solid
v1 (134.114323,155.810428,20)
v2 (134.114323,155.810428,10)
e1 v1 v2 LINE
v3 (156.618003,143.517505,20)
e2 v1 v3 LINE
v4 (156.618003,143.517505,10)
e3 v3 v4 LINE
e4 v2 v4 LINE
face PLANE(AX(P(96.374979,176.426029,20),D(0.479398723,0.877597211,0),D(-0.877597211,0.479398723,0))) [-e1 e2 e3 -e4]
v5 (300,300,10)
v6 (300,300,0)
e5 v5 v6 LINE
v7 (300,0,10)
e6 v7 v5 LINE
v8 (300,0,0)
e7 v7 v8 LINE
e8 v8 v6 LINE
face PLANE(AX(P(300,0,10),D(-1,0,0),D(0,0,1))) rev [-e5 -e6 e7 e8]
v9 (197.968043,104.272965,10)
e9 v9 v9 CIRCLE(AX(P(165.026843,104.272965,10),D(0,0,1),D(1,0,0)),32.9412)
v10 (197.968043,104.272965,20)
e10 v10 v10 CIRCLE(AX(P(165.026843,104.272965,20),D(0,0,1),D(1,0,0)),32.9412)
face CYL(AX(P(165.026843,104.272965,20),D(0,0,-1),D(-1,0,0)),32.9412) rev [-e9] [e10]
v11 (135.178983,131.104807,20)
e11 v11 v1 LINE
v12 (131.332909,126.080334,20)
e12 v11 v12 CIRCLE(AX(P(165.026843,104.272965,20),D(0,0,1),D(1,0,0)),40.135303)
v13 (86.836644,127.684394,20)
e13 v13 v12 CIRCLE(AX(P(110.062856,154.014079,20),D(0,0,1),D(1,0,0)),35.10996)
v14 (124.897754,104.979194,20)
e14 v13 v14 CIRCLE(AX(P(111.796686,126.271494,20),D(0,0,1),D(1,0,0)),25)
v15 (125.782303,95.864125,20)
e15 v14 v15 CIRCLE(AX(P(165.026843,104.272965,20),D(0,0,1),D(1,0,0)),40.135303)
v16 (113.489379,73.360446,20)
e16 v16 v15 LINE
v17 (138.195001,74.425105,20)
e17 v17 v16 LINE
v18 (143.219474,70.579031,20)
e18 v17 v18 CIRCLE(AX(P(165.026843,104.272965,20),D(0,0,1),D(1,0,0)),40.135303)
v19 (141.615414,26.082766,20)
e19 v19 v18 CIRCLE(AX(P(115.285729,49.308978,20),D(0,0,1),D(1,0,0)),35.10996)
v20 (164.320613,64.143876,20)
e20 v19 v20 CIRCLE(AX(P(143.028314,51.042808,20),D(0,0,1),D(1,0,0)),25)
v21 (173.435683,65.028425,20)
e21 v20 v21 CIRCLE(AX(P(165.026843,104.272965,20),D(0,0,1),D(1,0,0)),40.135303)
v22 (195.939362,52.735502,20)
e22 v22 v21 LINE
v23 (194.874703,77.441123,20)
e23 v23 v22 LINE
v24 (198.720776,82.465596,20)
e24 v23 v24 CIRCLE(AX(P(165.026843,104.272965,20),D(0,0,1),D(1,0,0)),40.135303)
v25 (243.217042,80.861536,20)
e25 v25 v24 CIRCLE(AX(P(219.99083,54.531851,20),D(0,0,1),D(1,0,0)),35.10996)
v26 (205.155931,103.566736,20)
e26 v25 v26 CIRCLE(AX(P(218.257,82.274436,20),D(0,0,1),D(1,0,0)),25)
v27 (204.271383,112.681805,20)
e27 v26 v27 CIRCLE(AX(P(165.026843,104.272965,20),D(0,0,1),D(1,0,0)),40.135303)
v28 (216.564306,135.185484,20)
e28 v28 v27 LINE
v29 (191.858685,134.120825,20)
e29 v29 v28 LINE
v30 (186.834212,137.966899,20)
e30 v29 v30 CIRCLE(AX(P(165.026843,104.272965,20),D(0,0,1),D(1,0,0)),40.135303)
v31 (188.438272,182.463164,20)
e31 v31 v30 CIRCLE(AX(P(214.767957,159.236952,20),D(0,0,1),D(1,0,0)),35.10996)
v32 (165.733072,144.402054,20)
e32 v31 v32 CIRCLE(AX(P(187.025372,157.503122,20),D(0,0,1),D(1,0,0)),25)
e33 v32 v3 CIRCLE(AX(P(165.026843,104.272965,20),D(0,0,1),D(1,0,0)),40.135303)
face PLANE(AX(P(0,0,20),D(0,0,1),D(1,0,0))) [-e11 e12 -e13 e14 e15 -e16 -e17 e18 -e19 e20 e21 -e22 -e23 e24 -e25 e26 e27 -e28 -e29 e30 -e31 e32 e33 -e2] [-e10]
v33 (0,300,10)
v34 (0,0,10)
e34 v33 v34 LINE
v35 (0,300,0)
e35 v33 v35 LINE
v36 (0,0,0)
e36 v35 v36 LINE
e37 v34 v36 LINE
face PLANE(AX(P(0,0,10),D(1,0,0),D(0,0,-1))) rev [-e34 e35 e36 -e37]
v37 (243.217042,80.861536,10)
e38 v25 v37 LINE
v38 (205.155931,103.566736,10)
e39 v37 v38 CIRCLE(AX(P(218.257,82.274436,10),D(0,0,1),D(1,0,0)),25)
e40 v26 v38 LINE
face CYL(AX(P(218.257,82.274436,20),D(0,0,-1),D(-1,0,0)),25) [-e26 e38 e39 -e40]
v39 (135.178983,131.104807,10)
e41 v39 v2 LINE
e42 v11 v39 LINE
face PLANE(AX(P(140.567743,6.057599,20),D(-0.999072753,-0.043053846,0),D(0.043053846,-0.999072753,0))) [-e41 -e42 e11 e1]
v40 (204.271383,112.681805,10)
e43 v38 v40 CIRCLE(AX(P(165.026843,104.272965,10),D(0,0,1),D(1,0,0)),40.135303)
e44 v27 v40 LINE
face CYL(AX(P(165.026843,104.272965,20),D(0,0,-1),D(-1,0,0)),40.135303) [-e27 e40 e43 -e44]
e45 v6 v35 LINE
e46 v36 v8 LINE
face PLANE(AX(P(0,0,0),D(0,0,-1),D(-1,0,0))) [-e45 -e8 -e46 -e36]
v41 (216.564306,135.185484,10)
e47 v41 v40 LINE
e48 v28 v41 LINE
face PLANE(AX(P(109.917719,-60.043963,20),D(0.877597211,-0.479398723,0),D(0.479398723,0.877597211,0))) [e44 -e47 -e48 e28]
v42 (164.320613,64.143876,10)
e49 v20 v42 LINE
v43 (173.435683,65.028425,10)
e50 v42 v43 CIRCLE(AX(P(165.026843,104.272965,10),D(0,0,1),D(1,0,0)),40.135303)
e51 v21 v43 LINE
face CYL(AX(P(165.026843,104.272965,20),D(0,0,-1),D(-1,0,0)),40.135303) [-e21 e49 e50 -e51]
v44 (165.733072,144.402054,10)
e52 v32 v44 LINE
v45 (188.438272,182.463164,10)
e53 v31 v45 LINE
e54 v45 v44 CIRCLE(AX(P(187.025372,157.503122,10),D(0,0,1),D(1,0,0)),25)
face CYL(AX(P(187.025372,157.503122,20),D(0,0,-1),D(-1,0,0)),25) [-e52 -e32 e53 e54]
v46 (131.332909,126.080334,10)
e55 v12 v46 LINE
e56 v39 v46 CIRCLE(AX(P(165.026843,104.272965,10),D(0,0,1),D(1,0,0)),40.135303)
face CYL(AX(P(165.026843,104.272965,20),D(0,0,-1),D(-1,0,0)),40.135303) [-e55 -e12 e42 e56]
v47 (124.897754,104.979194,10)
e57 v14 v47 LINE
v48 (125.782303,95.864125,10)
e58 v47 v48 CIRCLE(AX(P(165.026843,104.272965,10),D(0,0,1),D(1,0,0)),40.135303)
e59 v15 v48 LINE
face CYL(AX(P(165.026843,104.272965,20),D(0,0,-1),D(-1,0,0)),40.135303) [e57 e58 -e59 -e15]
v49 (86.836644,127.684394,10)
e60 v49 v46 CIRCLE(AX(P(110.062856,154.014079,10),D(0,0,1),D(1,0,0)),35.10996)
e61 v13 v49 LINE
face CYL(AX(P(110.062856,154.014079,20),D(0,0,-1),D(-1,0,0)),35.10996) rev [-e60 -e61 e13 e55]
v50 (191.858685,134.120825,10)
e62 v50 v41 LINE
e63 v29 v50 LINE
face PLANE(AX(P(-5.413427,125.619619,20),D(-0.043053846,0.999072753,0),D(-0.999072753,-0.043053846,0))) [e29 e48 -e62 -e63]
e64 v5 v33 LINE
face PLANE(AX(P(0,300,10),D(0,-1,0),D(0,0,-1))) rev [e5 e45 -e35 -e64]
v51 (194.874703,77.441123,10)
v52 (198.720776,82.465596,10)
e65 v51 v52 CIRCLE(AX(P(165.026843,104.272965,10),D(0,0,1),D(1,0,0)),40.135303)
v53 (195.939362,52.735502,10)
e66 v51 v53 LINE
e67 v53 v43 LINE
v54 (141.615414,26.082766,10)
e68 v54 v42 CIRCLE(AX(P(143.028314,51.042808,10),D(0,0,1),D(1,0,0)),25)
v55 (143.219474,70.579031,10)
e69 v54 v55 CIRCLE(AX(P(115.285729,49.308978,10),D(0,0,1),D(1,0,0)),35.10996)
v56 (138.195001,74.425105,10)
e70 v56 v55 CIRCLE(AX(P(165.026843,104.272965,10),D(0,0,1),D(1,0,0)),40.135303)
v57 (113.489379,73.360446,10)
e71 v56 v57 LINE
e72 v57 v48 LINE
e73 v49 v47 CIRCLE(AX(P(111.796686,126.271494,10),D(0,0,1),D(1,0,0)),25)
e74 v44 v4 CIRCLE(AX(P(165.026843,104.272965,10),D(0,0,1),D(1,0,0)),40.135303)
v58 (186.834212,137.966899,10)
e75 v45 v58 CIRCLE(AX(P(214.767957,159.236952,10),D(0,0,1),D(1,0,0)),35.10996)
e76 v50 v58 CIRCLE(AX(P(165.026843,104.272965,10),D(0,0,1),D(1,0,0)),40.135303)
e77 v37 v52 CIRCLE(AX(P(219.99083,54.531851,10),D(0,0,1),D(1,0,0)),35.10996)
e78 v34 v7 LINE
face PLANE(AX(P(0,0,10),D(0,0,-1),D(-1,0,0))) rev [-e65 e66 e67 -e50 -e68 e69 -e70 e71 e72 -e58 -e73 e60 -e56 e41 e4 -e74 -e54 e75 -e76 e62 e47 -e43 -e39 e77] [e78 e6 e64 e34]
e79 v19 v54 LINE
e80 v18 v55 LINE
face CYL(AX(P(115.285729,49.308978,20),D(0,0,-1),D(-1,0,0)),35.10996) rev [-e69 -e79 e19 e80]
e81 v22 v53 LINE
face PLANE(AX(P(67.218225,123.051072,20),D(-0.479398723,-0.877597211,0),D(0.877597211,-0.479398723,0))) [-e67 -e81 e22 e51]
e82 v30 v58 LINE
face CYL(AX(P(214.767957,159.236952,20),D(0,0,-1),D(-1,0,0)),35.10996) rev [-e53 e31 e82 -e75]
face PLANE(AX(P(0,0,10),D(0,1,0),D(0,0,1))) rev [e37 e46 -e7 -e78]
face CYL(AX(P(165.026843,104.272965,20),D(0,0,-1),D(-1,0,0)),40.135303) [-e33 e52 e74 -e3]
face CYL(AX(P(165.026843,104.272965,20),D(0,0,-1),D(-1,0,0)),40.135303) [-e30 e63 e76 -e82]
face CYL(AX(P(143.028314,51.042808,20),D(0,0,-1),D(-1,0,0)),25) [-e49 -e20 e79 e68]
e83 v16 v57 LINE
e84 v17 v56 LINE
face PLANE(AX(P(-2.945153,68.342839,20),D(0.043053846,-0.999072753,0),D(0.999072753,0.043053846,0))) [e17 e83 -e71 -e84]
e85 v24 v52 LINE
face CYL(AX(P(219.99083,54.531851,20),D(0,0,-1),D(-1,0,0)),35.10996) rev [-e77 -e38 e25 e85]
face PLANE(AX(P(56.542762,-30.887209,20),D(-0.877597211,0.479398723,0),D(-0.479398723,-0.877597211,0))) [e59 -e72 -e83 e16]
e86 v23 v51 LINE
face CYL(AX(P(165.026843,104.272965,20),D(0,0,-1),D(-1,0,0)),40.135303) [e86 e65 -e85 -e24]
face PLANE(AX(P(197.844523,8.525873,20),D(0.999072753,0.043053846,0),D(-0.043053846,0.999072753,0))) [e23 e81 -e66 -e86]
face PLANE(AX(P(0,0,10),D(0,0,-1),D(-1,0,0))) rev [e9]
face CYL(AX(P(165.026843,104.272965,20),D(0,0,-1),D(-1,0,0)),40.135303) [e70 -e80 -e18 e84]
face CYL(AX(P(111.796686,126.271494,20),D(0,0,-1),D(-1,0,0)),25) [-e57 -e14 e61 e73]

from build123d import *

# Parameters (mm, degrees)
SKICA1_W                = 300
SKICA1_H                = 300
P_IDAT_VYSUNUT_M1_DEPTH = 10
SKICA3_R                = 40.135302542
SKICA3_R_2              = 32.941200184
P_IDAT_VYSUNUT_M3_DEPTH = 10


with BuildPart() as part:
    # Skica1 → Přidat vysunutím1 (new body)
    with BuildSketch(Plane.XY):
        with Locations((150, 150)):
            Rectangle(SKICA1_W, SKICA1_H)
    extrude(amount=P_IDAT_VYSUNUT_M1_DEPTH)

    # Skica3 → Přidat vysunutím3 (add)
    # profile 1 of 9: a face of its own
    with BuildSketch(Plane.XY.offset(10)):
        with Locations((165.026842843, 104.272964979)):
            Circle(SKICA3_R)
        with Locations((165.026842843, 104.272964979)):
            Circle(SKICA3_R_2, mode=Mode.SUBTRACT)
    # profile 2 of 9: a face of its own
    with BuildSketch(Plane.XY.offset(10)):
        with BuildLine():
            Line((134.114323402, 155.810428325), (135.178982609, 131.104807063))
            ThreePointArc((135.178982609, 131.104807063), (144.916831788, 139.006665697), (156.618002898, 143.517504994))
            Line((156.618002898, 143.517504994), (134.114323402, 155.810428325))
        make_face()
    # profile 3 of 9: a face of its own
    with BuildSketch(Plane.XY.offset(10)):
        with BuildLine():
            ThreePointArc((188.438271645, 182.463164069), (165.555400469, 170.31094498), (165.733072295, 144.402053558))
            ThreePointArc((165.733072295, 144.402053558), (176.734461574, 142.662731504), (186.834212062, 137.966898527))
            ThreePointArc((186.834212062, 137.966898527), (179.680788671, 160.50181988), (188.438271645, 182.463164069))
        make_face()
    # profile 4 of 9: a face of its own
    with BuildSketch(Plane.XY.offset(10)):
        with BuildLine():
            Line((216.564306188, 135.185484421), (191.858684926, 134.120825214))
            ThreePointArc((191.858684926, 134.120825214), (199.76054356, 124.382976034), (204.271382857, 112.681804924))
            Line((204.271382857, 112.681804924), (216.564306188, 135.185484421))
        make_face()
    # profile 5 of 9: a face of its own
    with BuildSketch(Plane.XY.offset(10)):
        with BuildLine():
            ThreePointArc((243.217041932, 80.861536177), (231.064822844, 103.744407353), (205.155931421, 103.566735527))
            ThreePointArc((205.155931421, 103.566735527), (203.416609367, 92.565346248), (198.72077639, 82.46559576))
            ThreePointArc((198.72077639, 82.46559576), (221.255697743, 89.619019151), (243.217041932, 80.861536177))
        make_face()
    # profile 6 of 9: a face of its own
    with BuildSketch(Plane.XY.offset(10)):
        with BuildLine():
            ThreePointArc((194.874703077, 77.441122896), (185.136853898, 69.539264262), (173.435682787, 65.028424965))
            Line((173.435682787, 65.028424965), (195.939362284, 52.735501634))
            Line((195.939362284, 52.735501634), (194.874703077, 77.441122896))
        make_face()
    # profile 7 of 9: a face of its own
    with BuildSketch(Plane.XY.offset(10)):
        with BuildLine():
            ThreePointArc((164.32061339, 64.143876401), (153.319224112, 65.883198455), (143.219473624, 70.579031432))
            ThreePointArc((143.219473624, 70.579031432), (150.372897014, 48.044110079), (141.615414041, 26.08276589))
            ThreePointArc((141.615414041, 26.08276589), (164.498285217, 38.234984979), (164.32061339, 64.143876401))
        make_face()
    # profile 8 of 9: a face of its own
    with BuildSketch(Plane.XY.offset(10)):
        with BuildLine():
            ThreePointArc((138.195000759, 74.425104745), (130.293142125, 84.162953925), (125.782302829, 95.864125035))
            Line((125.782302829, 95.864125035), (113.489379497, 73.360445538))
            Line((113.489379497, 73.360445538), (138.195000759, 74.425104745))
        make_face()
    # profile 9 of 9: a face of its own
    with BuildSketch(Plane.XY.offset(10)):
        with BuildLine():
            ThreePointArc((124.897754265, 104.979194432), (126.637076319, 115.980583711), (131.332909296, 126.080334199))
            ThreePointArc((131.332909296, 126.080334199), (108.797987942, 118.926910808), (86.836643754, 127.684393782))
            ThreePointArc((86.836643754, 127.684393782), (98.988862842, 104.801522606), (124.897754265, 104.979194432))
        make_face()
    extrude(amount=P_IDAT_VYSUNUT_M3_DEPTH)


solid = part.part
